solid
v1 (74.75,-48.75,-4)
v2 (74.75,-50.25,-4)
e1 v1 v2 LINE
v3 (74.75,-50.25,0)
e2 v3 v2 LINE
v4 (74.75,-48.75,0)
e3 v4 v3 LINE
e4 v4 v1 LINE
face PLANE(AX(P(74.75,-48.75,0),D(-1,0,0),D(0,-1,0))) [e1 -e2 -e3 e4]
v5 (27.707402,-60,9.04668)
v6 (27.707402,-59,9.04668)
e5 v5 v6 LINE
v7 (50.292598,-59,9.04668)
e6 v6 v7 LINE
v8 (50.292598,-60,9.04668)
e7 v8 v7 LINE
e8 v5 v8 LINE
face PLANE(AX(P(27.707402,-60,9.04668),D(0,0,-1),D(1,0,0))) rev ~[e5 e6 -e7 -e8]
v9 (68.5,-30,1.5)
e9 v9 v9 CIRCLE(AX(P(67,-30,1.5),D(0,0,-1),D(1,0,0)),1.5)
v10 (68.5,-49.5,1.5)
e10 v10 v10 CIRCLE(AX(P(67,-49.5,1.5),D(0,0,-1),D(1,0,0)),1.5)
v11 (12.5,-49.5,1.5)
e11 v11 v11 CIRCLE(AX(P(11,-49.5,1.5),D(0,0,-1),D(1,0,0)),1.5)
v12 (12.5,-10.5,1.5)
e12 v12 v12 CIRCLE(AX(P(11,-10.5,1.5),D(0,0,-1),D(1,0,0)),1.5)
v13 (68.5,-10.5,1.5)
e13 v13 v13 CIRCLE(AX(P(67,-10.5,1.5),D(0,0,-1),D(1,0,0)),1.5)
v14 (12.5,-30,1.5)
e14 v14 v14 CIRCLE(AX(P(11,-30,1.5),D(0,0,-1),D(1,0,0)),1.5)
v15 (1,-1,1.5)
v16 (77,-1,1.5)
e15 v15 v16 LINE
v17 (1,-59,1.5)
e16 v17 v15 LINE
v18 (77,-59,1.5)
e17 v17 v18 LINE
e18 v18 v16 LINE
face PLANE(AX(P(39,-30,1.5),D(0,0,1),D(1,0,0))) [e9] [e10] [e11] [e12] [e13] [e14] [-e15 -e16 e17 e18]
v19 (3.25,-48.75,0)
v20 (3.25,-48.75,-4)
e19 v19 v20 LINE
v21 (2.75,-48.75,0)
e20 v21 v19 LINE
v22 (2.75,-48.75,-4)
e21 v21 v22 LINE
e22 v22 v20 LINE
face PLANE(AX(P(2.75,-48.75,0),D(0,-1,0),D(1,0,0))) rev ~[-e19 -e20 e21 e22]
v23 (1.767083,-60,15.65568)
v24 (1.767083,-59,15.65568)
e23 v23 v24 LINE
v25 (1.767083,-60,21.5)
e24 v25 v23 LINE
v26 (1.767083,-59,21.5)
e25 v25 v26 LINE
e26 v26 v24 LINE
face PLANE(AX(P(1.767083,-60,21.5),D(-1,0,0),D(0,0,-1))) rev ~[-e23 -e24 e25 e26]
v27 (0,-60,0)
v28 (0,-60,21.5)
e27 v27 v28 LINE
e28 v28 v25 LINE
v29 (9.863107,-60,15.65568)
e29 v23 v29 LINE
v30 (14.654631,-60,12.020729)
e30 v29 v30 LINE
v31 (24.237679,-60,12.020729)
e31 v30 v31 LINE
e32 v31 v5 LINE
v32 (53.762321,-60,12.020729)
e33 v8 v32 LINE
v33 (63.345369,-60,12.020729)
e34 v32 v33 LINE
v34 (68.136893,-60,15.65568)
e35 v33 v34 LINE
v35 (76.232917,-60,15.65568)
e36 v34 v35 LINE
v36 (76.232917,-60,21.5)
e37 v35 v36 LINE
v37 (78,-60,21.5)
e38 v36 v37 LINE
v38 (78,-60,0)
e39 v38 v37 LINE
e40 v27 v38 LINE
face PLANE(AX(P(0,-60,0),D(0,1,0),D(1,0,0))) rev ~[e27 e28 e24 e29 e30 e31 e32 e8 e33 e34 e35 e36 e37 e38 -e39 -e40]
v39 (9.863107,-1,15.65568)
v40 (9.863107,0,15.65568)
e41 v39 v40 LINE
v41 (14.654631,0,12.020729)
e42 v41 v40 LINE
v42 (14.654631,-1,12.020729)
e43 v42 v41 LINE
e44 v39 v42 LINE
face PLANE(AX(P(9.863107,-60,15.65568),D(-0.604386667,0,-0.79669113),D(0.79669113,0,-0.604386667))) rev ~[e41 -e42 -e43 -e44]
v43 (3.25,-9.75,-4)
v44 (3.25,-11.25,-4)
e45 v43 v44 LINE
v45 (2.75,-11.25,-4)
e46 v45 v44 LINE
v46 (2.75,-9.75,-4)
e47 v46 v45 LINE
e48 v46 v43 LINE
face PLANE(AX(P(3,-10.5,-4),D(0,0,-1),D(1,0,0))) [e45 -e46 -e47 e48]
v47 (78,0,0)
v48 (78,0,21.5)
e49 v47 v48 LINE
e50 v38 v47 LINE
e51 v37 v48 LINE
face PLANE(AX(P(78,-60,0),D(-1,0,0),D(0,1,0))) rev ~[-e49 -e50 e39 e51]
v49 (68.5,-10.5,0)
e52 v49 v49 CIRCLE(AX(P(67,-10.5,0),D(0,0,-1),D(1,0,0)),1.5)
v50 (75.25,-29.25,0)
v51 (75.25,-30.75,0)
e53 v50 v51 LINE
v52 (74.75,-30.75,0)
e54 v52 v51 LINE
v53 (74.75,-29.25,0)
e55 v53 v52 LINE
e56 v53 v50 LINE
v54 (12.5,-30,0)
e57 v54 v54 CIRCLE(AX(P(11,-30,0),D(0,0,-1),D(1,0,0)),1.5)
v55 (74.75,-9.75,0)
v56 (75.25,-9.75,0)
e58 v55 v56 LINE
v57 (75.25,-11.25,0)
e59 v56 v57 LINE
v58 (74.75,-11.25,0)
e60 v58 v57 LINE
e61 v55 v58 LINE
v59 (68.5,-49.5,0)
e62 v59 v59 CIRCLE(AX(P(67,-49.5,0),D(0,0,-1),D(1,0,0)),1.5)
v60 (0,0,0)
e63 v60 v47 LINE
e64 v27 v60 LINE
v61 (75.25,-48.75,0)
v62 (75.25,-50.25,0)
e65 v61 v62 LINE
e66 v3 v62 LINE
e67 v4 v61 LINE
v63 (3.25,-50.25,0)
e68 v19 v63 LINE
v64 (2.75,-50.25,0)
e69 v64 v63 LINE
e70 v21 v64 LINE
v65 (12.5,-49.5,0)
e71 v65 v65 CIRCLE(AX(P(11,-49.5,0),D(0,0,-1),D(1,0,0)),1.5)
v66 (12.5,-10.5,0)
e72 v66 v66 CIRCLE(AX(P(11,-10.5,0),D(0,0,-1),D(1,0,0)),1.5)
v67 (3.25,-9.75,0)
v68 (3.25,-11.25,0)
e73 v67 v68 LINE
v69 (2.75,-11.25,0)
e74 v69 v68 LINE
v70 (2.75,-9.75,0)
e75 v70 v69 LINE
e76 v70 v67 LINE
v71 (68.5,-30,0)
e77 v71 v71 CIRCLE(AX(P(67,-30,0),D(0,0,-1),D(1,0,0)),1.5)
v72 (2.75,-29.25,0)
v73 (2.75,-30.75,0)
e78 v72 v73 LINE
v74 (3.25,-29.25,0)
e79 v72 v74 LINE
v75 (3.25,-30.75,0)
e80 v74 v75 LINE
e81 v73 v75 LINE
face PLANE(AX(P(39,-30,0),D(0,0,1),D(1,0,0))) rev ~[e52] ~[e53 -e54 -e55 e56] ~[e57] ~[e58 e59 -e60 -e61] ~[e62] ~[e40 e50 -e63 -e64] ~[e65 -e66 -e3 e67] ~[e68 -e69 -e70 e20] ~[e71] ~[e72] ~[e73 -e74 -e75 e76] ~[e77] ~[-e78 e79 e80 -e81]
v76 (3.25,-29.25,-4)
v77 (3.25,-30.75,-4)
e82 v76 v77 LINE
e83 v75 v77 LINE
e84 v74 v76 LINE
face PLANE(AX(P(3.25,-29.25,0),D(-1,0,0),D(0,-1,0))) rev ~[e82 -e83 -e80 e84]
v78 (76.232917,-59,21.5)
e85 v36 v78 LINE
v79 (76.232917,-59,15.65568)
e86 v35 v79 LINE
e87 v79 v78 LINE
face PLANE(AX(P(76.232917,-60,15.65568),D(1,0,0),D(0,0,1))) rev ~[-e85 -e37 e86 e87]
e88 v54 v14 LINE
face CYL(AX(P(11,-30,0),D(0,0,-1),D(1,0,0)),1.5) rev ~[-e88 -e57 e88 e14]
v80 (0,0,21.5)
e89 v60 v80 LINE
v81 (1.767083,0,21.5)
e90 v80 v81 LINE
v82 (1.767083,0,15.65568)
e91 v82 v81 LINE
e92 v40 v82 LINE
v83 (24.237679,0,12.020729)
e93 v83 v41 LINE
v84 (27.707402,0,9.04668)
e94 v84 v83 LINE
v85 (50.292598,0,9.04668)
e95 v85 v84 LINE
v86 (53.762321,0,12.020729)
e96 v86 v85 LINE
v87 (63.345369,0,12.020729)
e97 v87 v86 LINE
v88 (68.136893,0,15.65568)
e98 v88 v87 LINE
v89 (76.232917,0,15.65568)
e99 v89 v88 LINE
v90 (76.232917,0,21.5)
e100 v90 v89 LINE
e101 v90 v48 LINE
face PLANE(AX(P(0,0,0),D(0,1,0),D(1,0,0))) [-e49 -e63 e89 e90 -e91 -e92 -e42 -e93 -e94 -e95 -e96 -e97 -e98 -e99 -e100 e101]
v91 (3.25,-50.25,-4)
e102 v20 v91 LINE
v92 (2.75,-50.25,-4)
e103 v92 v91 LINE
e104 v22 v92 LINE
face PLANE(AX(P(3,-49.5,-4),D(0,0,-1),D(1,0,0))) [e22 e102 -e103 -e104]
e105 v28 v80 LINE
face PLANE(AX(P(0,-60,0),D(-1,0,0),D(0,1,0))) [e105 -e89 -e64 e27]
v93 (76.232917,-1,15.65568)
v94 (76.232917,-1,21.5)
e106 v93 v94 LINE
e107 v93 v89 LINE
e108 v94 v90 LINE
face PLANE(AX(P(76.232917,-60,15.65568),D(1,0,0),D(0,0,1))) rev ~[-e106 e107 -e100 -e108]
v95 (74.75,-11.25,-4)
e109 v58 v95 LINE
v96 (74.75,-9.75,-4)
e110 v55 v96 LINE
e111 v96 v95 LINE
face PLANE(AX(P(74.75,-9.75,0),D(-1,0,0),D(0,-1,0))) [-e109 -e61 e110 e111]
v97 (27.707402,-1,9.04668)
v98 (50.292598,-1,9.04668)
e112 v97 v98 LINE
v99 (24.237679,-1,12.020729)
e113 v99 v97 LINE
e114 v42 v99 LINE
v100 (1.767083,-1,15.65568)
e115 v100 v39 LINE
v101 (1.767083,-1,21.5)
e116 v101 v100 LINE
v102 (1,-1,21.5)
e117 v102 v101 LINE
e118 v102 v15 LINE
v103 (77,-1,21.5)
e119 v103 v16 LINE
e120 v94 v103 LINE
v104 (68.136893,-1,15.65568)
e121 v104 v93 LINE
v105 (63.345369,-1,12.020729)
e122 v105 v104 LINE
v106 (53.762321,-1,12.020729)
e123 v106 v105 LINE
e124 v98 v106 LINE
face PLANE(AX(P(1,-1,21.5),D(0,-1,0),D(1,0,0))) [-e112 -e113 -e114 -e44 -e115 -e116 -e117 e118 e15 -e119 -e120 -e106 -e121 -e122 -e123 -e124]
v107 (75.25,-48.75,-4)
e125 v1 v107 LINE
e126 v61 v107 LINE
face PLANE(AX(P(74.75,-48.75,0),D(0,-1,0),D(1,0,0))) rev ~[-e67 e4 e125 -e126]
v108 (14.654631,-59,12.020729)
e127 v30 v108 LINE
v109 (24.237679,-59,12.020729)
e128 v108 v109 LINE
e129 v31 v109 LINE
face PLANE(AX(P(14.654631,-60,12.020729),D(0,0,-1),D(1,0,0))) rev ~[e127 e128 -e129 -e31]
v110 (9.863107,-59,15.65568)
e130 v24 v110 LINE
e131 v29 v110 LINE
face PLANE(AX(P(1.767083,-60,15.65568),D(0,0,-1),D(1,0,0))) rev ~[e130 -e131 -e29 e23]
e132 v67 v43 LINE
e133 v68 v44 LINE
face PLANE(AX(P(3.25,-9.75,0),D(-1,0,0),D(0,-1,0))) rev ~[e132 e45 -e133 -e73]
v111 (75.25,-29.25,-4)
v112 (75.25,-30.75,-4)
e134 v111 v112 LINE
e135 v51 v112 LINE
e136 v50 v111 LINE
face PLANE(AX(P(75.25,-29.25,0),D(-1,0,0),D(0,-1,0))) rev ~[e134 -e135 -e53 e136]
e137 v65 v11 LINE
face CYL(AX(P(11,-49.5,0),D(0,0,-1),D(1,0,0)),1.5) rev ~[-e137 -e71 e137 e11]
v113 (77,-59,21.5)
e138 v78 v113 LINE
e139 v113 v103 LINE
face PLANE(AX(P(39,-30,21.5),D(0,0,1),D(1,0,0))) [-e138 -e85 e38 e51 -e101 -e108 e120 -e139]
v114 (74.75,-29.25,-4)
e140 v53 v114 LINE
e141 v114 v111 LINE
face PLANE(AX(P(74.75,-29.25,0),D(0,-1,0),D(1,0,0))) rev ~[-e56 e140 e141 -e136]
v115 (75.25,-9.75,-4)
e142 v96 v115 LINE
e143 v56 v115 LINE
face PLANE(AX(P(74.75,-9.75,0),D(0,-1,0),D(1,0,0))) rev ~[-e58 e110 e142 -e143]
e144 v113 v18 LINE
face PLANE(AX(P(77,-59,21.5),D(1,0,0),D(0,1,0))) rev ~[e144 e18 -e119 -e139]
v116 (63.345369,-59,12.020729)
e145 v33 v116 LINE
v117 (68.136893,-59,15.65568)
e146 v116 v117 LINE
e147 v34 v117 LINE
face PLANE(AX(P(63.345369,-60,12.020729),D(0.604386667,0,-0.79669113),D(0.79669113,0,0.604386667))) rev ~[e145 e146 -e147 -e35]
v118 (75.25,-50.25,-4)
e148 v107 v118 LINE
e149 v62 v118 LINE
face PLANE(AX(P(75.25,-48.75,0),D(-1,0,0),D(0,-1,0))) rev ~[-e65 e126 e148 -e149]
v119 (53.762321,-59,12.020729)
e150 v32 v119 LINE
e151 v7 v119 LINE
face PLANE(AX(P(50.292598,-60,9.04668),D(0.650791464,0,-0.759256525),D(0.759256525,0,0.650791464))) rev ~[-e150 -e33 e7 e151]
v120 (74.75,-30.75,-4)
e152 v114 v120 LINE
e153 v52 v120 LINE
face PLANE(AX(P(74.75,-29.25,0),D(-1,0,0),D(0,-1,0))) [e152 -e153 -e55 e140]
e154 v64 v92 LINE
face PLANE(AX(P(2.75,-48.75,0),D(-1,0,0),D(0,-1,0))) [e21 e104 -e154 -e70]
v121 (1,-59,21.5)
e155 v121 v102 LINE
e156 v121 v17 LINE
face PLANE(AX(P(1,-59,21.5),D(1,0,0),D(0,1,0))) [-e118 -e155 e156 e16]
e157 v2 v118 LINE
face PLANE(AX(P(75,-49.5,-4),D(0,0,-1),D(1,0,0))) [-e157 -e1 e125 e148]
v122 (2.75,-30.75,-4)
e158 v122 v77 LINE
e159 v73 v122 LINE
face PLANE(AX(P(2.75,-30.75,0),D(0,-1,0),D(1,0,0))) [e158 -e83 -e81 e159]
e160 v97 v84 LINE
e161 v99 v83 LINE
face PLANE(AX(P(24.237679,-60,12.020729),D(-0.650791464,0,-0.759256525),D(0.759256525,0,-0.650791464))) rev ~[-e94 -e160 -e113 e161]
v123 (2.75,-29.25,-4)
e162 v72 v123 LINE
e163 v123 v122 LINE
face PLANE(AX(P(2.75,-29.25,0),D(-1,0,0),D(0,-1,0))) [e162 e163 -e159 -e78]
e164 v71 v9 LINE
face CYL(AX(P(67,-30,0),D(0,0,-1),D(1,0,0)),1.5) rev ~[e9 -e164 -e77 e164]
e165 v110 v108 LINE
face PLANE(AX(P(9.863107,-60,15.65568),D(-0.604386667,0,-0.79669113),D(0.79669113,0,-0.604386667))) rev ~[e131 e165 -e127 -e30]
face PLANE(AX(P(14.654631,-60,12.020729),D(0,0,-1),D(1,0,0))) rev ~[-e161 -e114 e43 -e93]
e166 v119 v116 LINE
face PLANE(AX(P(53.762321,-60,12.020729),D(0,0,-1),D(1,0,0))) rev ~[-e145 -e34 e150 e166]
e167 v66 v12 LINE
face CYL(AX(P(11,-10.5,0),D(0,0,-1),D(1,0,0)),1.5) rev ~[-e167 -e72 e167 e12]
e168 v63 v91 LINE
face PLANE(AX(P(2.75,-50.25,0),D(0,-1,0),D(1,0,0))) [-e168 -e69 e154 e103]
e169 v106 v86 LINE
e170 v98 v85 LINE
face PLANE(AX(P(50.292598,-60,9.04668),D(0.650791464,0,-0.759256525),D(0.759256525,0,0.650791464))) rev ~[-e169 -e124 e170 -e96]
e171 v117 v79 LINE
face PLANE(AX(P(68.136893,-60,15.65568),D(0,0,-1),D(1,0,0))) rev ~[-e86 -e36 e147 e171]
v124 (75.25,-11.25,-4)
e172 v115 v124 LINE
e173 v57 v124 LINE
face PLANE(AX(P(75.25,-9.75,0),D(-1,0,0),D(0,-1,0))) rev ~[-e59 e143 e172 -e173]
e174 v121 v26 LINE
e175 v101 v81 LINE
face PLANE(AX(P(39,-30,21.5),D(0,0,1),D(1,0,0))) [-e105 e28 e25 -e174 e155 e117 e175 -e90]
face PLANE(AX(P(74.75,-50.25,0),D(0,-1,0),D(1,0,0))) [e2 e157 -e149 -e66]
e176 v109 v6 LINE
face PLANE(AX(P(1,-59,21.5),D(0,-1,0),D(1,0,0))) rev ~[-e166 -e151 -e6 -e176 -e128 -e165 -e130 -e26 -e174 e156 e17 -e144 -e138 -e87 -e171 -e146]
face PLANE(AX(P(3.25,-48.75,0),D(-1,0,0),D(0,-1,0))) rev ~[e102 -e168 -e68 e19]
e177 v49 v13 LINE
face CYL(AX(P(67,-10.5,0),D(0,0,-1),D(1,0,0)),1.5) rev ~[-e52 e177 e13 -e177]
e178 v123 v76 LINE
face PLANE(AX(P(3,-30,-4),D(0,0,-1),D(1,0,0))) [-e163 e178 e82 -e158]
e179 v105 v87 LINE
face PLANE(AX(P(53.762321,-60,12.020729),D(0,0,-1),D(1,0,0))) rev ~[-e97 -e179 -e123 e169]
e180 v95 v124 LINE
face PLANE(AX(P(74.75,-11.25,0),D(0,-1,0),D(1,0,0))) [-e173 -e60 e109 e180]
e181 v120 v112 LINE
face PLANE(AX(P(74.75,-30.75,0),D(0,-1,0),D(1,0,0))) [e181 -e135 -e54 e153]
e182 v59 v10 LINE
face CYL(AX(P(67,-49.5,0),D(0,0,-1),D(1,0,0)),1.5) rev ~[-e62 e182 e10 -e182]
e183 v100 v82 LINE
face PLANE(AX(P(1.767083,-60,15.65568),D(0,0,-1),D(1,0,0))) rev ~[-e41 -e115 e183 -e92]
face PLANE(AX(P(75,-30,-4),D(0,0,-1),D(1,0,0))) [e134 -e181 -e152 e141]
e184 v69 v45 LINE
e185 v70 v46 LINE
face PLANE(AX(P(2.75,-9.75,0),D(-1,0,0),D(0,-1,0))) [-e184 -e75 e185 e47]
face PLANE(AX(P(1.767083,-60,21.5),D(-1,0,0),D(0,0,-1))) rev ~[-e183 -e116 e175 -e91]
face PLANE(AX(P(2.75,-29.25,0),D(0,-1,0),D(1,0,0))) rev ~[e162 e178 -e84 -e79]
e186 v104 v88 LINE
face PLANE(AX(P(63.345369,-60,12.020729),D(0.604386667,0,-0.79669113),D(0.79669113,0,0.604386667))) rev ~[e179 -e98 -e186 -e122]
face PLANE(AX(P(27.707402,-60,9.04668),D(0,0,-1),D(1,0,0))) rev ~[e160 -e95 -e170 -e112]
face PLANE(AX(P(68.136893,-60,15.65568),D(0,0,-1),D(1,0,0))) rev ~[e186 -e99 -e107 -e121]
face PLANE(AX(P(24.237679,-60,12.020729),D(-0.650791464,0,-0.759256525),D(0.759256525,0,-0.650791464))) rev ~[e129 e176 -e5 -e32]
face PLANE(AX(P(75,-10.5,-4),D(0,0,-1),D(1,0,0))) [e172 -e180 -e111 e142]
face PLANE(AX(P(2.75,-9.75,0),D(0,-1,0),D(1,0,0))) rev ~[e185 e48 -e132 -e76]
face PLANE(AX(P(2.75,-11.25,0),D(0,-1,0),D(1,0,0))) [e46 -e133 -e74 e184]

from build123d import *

# Parameters (mm, degrees)
F0_W     = 78
F0_H     = 60
F1_DEPTH = 21.5
F2_W     = 76
F2_H     = 58
F3_DEPTH = 20
F5_DEPTH = 60.001
F6_W     = 0.5
F6_H     = 1.5
F7_DEPTH = 4
F8_R     = 1.5
F9_DEPTH = 25


with BuildPart() as f1:
    # F0 (on Top) → F1 (new body)
    with BuildSketch(Plane.XY):
        with Locations((39, -30)):
            Rectangle(F0_W, F0_H)
    extrude(amount=F1_DEPTH)

    # F2 (on face) → F3 (cut)
    with BuildSketch(Plane.XY.offset(21.5)):
        with Locations((39, -30)):
            Rectangle(F2_W, F2_H)
    extrude(amount=-F3_DEPTH, mode=Mode.SUBTRACT)

    # F4 (on face) → F5 (cut, through all)
    with BuildSketch(Plane.XZ.offset(60)):
        Polygon((27.707402, 9.04668), (39, 9.04668), (50.292598, 9.04668), (53.762321, 12.020729), (63.345369, 12.020729), (68.136893, 15.65568), (76.232917, 15.65568), (76.232917, 21.5), (1.767083, 21.5), (1.767083, 15.65568), (9.863107, 15.65568), (14.654631, 12.020729), (24.237679, 12.020729), align=None)
    extrude(amount=-F5_DEPTH, mode=Mode.SUBTRACT)

    # F6 (on face) → F7 (join)
    with BuildSketch(Plane(origin=(0, 0, 0), x_dir=(1, 0, 0), z_dir=(0, 0, -1))):
        with Locations((75, 10.5)):
            Rectangle(F6_W, F6_H)
        with Locations((75, 30)):
            Rectangle(F6_W, F6_H)
        with Locations((75, 49.5)):
            Rectangle(F6_W, F6_H)
        with Locations((3, 10.5)):
            Rectangle(F6_W, F6_H)
        with Locations((3, 49.5)):
            Rectangle(F6_W, F6_H)
        with Locations((3, 30)):
            Rectangle(F6_W, F6_H)
    extrude(amount=F7_DEPTH)

    # F8 (on face) → F9 (cut)
    with BuildSketch(Plane(origin=(0, 0, 0), x_dir=(1, 0, 0), z_dir=(0, 0, -1))):
        with BuildLine():
            ThreePointArc((65.5, 10.5), (67, 9), (68.5, 10.5))
            Line((68.5, 10.5), (65.5, 10.5))
        make_face()
        with BuildLine():
            Line((65.5, 10.5), (68.5, 10.5))
            ThreePointArc((68.5, 10.5), (67, 12), (65.5, 10.5))
        make_face()
        with BuildLine():
            ThreePointArc((9.5, 10.5), (11, 9), (12.5, 10.5))
            Line((12.5, 10.5), (9.5, 10.5))
        make_face()
        with BuildLine():
            Line((9.5, 10.5), (12.5, 10.5))
            ThreePointArc((12.5, 10.5), (11, 12), (9.5, 10.5))
        make_face()
        with BuildLine():
            ThreePointArc((65.5, 30), (67, 28.5), (68.5, 30))
            Line((68.5, 30), (65.5, 30))
        make_face()
        with BuildLine():
            Line((65.5, 30), (68.5, 30))
            ThreePointArc((68.5, 30), (67, 31.5), (65.5, 30))
        make_face()
        with BuildLine():
            ThreePointArc((9.5, 30), (11, 28.5), (12.5, 30))
            Line((12.5, 30), (9.5, 30))
        make_face()
        with BuildLine():
            Line((9.5, 30), (12.5, 30))
            ThreePointArc((12.5, 30), (11, 31.5), (9.5, 30))
        make_face()
        with Locations((67, 49.5)):
            Circle(F8_R)
        with Locations((11, 49.5)):
            Circle(F8_R)
    extrude(amount=-F9_DEPTH, mode=Mode.SUBTRACT)


solid = f1.part
